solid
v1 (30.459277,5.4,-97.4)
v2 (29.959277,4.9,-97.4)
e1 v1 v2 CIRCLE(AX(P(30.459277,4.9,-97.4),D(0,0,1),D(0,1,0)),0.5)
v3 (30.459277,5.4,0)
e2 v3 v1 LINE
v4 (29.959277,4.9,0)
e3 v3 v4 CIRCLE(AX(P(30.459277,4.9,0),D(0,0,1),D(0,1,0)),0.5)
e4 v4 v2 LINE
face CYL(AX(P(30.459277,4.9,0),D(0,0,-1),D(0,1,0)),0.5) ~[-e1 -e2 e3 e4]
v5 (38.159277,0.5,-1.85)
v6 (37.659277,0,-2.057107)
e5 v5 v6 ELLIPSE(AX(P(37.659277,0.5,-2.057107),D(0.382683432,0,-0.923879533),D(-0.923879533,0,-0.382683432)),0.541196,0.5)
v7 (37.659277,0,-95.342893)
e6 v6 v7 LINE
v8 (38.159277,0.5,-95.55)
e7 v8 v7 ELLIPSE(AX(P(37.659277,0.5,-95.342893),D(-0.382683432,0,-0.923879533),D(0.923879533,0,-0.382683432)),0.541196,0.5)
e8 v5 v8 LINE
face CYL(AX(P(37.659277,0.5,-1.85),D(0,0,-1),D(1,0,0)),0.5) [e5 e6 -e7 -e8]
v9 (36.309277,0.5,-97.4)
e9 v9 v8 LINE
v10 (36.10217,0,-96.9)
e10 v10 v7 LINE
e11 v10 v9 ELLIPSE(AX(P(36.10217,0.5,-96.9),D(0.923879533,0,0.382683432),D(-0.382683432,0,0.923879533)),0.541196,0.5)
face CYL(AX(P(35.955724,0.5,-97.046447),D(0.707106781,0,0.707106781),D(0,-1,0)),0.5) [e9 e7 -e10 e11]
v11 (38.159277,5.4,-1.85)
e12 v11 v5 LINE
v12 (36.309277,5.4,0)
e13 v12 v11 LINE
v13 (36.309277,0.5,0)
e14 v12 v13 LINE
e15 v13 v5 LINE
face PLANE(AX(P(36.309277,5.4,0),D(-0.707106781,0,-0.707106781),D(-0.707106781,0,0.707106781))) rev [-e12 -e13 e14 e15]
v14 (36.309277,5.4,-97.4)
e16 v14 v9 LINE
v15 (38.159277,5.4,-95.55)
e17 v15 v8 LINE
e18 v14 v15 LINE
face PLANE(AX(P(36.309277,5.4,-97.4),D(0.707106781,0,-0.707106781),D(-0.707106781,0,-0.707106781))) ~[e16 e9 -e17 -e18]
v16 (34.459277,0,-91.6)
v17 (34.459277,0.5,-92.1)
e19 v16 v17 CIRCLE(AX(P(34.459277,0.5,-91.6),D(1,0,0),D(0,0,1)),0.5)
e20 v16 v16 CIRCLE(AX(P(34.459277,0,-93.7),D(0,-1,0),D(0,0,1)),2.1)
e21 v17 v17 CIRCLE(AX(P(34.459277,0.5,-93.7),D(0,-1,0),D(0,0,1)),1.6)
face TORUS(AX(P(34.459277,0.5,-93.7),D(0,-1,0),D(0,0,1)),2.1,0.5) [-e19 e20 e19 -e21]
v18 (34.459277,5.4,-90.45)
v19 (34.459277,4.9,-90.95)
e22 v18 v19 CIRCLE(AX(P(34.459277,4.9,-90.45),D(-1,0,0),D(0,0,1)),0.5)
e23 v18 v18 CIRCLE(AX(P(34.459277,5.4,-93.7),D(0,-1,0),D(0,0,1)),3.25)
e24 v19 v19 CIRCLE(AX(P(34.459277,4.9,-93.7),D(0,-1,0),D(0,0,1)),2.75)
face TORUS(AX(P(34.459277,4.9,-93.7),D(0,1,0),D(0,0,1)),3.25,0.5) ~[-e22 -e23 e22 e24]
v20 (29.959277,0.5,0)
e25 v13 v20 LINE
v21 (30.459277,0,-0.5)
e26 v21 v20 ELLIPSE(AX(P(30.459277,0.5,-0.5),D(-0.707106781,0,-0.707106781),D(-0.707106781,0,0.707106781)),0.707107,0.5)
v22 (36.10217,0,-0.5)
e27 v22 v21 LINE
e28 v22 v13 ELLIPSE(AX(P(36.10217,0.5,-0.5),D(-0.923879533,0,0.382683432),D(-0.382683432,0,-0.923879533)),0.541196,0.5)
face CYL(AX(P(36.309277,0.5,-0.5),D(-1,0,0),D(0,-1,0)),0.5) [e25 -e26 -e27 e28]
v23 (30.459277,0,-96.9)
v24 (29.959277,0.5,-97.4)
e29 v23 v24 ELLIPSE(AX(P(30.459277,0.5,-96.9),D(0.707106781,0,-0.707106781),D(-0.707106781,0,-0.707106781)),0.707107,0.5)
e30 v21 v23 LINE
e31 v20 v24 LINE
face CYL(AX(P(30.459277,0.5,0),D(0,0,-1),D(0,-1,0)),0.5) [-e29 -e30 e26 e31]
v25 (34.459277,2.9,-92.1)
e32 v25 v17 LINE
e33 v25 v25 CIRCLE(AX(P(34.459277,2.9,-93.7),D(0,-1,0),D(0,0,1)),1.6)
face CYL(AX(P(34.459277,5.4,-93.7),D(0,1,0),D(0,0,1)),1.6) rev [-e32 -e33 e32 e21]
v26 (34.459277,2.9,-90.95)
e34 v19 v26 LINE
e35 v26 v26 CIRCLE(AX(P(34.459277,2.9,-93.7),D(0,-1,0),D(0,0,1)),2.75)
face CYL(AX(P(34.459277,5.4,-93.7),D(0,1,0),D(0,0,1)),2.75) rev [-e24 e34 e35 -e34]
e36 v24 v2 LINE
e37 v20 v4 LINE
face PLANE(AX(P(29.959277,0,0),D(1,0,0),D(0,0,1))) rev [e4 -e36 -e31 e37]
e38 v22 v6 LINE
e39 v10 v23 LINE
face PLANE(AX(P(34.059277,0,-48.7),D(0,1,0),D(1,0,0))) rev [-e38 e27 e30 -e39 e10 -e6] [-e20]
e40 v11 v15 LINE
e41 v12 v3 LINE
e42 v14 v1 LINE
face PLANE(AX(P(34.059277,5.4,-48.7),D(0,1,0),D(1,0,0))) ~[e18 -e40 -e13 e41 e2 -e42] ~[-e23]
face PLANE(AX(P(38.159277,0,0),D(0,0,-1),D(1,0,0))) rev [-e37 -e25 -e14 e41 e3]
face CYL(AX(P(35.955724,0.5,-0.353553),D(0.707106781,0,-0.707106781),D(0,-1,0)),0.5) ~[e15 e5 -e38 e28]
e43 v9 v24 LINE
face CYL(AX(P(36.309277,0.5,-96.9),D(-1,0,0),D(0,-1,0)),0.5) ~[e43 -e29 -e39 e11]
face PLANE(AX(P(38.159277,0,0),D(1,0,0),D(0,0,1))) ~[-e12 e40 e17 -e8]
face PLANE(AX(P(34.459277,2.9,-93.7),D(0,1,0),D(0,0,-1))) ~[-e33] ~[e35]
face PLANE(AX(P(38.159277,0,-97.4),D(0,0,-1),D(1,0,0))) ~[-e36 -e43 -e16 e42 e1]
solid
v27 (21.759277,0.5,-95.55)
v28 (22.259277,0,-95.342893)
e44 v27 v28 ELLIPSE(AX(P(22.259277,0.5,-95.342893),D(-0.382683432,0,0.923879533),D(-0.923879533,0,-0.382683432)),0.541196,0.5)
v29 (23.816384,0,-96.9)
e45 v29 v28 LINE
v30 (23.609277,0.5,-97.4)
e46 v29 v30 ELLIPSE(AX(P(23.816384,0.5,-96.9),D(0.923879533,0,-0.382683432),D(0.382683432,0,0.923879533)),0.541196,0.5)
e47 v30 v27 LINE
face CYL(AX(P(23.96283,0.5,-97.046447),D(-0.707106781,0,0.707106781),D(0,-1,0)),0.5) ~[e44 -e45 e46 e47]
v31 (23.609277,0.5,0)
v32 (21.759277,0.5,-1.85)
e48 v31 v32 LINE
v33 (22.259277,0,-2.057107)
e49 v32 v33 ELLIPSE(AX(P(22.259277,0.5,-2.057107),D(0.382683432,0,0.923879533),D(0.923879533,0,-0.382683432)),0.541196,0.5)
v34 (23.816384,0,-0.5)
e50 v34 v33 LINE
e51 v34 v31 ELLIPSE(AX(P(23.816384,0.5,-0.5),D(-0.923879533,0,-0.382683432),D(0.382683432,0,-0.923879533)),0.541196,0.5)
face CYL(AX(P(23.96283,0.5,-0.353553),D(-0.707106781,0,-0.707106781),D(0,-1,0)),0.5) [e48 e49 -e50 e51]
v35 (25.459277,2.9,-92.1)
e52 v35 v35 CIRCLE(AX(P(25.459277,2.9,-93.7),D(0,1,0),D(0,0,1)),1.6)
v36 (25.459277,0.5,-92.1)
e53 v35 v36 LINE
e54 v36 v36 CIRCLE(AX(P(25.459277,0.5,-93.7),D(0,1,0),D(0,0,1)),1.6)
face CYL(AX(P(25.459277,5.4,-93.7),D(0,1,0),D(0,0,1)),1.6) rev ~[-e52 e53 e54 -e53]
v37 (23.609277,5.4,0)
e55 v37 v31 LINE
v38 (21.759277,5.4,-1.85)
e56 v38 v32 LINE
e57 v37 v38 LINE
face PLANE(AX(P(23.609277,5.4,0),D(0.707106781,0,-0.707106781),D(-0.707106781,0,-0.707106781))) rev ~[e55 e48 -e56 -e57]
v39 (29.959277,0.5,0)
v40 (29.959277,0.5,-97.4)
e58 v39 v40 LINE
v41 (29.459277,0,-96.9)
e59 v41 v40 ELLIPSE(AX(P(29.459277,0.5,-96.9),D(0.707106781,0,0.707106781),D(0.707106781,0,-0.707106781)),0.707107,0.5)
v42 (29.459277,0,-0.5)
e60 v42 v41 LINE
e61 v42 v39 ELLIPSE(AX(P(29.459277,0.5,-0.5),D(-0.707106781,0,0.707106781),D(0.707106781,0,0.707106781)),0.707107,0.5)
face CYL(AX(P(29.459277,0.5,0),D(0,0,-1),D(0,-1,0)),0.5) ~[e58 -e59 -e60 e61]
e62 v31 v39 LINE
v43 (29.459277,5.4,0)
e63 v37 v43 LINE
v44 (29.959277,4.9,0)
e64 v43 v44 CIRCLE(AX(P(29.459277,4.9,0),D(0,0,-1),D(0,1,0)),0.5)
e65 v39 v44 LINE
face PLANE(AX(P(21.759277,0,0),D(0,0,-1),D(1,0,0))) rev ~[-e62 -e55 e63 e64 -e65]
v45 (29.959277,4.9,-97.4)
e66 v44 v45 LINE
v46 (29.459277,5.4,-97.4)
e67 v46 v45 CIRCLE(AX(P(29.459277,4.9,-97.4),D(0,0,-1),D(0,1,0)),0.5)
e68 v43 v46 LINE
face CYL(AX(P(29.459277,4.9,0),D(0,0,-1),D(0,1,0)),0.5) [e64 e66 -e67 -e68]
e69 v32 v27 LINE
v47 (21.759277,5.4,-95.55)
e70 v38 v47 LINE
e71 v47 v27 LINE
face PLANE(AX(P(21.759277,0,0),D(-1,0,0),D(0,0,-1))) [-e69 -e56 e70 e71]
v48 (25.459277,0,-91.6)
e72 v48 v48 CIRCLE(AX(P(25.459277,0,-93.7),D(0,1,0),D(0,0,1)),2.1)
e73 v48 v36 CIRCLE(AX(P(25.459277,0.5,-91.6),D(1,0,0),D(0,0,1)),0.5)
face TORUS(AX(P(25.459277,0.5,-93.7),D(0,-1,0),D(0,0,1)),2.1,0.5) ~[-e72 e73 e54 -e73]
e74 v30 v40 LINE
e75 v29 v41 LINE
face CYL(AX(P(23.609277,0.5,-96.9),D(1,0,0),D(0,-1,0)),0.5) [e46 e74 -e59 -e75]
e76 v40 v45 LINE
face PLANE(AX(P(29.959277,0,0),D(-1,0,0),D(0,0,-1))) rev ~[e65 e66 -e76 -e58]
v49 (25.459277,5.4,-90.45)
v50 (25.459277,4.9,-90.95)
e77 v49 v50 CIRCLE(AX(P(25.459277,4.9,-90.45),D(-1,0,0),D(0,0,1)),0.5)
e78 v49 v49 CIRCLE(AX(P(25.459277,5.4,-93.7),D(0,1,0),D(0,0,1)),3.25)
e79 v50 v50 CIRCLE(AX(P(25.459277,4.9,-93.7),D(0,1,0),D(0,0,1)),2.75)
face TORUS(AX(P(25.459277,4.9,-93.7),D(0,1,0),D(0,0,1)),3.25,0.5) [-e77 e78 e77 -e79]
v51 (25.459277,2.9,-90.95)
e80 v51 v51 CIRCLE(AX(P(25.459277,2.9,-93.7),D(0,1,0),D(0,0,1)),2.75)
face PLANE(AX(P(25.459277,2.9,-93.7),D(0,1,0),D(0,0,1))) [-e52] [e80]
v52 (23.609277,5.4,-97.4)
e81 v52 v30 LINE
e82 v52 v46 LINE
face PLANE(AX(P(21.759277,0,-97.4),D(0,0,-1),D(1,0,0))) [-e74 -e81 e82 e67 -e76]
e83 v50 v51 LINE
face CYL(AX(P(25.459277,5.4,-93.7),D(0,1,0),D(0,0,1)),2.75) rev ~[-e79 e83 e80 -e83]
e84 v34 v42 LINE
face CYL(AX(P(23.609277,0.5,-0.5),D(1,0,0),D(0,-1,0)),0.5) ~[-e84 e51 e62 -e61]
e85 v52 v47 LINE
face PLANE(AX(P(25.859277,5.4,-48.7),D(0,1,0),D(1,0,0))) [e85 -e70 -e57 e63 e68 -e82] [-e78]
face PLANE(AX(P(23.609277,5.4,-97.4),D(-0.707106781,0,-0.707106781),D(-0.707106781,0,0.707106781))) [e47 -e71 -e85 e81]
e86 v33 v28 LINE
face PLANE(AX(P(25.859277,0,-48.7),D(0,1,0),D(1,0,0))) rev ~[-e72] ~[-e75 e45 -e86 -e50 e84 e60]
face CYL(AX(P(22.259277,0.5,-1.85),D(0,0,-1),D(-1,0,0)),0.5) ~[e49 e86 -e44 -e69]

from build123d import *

# Parameters (mm, degrees)
SKETCH_1_W          = 8.2
SKETCH_1_H          = 97.4
EXTRUDE_1_DEPTH     = 5.4
SKETCH_2_R          = 1.6
CUT_EXTRUDE_1_DEPTH = 103.046451594
FILLET_1_R          = 0.5
FILLET_2_R          = 0.5
SKETCH_3_R          = 2.75
CUT_EXTRUDE_2_DEPTH = 2.5
FILLET_3_R          = 0.5


with BuildPart() as part:
    # 草图1 → 凸台-拉伸1 (new body)
    with BuildSketch(Plane(origin=(0, 0, 0), x_dir=(1, 0, 0), z_dir=(0, 1, 0))):
        with Locations((25.859277076, 48.7)):
            Rectangle(SKETCH_1_W, SKETCH_1_H)
    extrude(amount=EXTRUDE_1_DEPTH)

    # 草图2 → 切除-拉伸1 (cut, through all)
    with BuildSketch(Plane(origin=(0, 5.4, 0), x_dir=(1, 0, 0), z_dir=(0, 1, 0))):
        with Locations(Location((25.459277076, 93.7, 0), (0, 0, 270))):
            Circle(SKETCH_2_R)
        Polygon((21.759277076, 97.4), (23.609277076, 97.4), (21.759277076, 95.55), align=None)
        Polygon((21.759277076, 0), (23.609277076, 0), (21.759277076, 1.85), align=None)
    extrude(amount=-CUT_EXTRUDE_1_DEPTH, mode=Mode.SUBTRACT)

    # 圆角1
    fillet_1_edges = [part.edges().sort_by_distance(p)[0] for p in [
        (21.759277076, 0, -48.7),
        (26.784277076, 0, 0),
        (22.684277076, 0, -96.475),
        (22.684277076, 0, -0.925),
        (25.459277076, 0, -95.3),
        (26.784277076, 0, -97.4),
        (29.959277076, 0, -48.7),
    ]]
    fillet(fillet_1_edges, radius=FILLET_1_R)

    # 圆角2
    fillet_2_edges = [part.edges().sort_by_distance(p)[0] for p in [
        (29.959277076, 5.4, -48.7),
    ]]
    fillet(fillet_2_edges, radius=FILLET_2_R)

    # 草图3 → 切除-拉伸2 (cut)
    with BuildSketch(Plane(origin=(0, 5.4, 0), x_dir=(1, 0, 0), z_dir=(0, 1, 0))):
        with Locations(Location((25.459277076, 93.7, 0), (0, 0, 270))):
            Circle(SKETCH_3_R)
    extrude(amount=-CUT_EXTRUDE_2_DEPTH, mode=Mode.SUBTRACT)

    # 圆角3
    fillet_3_edges = [part.edges().sort_by_distance(p)[0] for p in [
        (25.459277076, 5.4, -96.45),
    ]]
    fillet(fillet_3_edges, radius=FILLET_3_R)


with BuildPart() as body_2:
    # 镜向1: mirrored copy
    add(part.part.mirror(Plane(origin=(29.959277076, 5.4, 0), x_dir=(0, 0, 1), z_dir=(-1, 0, 0))))


solid = Compound([part.part, body_2.part])
